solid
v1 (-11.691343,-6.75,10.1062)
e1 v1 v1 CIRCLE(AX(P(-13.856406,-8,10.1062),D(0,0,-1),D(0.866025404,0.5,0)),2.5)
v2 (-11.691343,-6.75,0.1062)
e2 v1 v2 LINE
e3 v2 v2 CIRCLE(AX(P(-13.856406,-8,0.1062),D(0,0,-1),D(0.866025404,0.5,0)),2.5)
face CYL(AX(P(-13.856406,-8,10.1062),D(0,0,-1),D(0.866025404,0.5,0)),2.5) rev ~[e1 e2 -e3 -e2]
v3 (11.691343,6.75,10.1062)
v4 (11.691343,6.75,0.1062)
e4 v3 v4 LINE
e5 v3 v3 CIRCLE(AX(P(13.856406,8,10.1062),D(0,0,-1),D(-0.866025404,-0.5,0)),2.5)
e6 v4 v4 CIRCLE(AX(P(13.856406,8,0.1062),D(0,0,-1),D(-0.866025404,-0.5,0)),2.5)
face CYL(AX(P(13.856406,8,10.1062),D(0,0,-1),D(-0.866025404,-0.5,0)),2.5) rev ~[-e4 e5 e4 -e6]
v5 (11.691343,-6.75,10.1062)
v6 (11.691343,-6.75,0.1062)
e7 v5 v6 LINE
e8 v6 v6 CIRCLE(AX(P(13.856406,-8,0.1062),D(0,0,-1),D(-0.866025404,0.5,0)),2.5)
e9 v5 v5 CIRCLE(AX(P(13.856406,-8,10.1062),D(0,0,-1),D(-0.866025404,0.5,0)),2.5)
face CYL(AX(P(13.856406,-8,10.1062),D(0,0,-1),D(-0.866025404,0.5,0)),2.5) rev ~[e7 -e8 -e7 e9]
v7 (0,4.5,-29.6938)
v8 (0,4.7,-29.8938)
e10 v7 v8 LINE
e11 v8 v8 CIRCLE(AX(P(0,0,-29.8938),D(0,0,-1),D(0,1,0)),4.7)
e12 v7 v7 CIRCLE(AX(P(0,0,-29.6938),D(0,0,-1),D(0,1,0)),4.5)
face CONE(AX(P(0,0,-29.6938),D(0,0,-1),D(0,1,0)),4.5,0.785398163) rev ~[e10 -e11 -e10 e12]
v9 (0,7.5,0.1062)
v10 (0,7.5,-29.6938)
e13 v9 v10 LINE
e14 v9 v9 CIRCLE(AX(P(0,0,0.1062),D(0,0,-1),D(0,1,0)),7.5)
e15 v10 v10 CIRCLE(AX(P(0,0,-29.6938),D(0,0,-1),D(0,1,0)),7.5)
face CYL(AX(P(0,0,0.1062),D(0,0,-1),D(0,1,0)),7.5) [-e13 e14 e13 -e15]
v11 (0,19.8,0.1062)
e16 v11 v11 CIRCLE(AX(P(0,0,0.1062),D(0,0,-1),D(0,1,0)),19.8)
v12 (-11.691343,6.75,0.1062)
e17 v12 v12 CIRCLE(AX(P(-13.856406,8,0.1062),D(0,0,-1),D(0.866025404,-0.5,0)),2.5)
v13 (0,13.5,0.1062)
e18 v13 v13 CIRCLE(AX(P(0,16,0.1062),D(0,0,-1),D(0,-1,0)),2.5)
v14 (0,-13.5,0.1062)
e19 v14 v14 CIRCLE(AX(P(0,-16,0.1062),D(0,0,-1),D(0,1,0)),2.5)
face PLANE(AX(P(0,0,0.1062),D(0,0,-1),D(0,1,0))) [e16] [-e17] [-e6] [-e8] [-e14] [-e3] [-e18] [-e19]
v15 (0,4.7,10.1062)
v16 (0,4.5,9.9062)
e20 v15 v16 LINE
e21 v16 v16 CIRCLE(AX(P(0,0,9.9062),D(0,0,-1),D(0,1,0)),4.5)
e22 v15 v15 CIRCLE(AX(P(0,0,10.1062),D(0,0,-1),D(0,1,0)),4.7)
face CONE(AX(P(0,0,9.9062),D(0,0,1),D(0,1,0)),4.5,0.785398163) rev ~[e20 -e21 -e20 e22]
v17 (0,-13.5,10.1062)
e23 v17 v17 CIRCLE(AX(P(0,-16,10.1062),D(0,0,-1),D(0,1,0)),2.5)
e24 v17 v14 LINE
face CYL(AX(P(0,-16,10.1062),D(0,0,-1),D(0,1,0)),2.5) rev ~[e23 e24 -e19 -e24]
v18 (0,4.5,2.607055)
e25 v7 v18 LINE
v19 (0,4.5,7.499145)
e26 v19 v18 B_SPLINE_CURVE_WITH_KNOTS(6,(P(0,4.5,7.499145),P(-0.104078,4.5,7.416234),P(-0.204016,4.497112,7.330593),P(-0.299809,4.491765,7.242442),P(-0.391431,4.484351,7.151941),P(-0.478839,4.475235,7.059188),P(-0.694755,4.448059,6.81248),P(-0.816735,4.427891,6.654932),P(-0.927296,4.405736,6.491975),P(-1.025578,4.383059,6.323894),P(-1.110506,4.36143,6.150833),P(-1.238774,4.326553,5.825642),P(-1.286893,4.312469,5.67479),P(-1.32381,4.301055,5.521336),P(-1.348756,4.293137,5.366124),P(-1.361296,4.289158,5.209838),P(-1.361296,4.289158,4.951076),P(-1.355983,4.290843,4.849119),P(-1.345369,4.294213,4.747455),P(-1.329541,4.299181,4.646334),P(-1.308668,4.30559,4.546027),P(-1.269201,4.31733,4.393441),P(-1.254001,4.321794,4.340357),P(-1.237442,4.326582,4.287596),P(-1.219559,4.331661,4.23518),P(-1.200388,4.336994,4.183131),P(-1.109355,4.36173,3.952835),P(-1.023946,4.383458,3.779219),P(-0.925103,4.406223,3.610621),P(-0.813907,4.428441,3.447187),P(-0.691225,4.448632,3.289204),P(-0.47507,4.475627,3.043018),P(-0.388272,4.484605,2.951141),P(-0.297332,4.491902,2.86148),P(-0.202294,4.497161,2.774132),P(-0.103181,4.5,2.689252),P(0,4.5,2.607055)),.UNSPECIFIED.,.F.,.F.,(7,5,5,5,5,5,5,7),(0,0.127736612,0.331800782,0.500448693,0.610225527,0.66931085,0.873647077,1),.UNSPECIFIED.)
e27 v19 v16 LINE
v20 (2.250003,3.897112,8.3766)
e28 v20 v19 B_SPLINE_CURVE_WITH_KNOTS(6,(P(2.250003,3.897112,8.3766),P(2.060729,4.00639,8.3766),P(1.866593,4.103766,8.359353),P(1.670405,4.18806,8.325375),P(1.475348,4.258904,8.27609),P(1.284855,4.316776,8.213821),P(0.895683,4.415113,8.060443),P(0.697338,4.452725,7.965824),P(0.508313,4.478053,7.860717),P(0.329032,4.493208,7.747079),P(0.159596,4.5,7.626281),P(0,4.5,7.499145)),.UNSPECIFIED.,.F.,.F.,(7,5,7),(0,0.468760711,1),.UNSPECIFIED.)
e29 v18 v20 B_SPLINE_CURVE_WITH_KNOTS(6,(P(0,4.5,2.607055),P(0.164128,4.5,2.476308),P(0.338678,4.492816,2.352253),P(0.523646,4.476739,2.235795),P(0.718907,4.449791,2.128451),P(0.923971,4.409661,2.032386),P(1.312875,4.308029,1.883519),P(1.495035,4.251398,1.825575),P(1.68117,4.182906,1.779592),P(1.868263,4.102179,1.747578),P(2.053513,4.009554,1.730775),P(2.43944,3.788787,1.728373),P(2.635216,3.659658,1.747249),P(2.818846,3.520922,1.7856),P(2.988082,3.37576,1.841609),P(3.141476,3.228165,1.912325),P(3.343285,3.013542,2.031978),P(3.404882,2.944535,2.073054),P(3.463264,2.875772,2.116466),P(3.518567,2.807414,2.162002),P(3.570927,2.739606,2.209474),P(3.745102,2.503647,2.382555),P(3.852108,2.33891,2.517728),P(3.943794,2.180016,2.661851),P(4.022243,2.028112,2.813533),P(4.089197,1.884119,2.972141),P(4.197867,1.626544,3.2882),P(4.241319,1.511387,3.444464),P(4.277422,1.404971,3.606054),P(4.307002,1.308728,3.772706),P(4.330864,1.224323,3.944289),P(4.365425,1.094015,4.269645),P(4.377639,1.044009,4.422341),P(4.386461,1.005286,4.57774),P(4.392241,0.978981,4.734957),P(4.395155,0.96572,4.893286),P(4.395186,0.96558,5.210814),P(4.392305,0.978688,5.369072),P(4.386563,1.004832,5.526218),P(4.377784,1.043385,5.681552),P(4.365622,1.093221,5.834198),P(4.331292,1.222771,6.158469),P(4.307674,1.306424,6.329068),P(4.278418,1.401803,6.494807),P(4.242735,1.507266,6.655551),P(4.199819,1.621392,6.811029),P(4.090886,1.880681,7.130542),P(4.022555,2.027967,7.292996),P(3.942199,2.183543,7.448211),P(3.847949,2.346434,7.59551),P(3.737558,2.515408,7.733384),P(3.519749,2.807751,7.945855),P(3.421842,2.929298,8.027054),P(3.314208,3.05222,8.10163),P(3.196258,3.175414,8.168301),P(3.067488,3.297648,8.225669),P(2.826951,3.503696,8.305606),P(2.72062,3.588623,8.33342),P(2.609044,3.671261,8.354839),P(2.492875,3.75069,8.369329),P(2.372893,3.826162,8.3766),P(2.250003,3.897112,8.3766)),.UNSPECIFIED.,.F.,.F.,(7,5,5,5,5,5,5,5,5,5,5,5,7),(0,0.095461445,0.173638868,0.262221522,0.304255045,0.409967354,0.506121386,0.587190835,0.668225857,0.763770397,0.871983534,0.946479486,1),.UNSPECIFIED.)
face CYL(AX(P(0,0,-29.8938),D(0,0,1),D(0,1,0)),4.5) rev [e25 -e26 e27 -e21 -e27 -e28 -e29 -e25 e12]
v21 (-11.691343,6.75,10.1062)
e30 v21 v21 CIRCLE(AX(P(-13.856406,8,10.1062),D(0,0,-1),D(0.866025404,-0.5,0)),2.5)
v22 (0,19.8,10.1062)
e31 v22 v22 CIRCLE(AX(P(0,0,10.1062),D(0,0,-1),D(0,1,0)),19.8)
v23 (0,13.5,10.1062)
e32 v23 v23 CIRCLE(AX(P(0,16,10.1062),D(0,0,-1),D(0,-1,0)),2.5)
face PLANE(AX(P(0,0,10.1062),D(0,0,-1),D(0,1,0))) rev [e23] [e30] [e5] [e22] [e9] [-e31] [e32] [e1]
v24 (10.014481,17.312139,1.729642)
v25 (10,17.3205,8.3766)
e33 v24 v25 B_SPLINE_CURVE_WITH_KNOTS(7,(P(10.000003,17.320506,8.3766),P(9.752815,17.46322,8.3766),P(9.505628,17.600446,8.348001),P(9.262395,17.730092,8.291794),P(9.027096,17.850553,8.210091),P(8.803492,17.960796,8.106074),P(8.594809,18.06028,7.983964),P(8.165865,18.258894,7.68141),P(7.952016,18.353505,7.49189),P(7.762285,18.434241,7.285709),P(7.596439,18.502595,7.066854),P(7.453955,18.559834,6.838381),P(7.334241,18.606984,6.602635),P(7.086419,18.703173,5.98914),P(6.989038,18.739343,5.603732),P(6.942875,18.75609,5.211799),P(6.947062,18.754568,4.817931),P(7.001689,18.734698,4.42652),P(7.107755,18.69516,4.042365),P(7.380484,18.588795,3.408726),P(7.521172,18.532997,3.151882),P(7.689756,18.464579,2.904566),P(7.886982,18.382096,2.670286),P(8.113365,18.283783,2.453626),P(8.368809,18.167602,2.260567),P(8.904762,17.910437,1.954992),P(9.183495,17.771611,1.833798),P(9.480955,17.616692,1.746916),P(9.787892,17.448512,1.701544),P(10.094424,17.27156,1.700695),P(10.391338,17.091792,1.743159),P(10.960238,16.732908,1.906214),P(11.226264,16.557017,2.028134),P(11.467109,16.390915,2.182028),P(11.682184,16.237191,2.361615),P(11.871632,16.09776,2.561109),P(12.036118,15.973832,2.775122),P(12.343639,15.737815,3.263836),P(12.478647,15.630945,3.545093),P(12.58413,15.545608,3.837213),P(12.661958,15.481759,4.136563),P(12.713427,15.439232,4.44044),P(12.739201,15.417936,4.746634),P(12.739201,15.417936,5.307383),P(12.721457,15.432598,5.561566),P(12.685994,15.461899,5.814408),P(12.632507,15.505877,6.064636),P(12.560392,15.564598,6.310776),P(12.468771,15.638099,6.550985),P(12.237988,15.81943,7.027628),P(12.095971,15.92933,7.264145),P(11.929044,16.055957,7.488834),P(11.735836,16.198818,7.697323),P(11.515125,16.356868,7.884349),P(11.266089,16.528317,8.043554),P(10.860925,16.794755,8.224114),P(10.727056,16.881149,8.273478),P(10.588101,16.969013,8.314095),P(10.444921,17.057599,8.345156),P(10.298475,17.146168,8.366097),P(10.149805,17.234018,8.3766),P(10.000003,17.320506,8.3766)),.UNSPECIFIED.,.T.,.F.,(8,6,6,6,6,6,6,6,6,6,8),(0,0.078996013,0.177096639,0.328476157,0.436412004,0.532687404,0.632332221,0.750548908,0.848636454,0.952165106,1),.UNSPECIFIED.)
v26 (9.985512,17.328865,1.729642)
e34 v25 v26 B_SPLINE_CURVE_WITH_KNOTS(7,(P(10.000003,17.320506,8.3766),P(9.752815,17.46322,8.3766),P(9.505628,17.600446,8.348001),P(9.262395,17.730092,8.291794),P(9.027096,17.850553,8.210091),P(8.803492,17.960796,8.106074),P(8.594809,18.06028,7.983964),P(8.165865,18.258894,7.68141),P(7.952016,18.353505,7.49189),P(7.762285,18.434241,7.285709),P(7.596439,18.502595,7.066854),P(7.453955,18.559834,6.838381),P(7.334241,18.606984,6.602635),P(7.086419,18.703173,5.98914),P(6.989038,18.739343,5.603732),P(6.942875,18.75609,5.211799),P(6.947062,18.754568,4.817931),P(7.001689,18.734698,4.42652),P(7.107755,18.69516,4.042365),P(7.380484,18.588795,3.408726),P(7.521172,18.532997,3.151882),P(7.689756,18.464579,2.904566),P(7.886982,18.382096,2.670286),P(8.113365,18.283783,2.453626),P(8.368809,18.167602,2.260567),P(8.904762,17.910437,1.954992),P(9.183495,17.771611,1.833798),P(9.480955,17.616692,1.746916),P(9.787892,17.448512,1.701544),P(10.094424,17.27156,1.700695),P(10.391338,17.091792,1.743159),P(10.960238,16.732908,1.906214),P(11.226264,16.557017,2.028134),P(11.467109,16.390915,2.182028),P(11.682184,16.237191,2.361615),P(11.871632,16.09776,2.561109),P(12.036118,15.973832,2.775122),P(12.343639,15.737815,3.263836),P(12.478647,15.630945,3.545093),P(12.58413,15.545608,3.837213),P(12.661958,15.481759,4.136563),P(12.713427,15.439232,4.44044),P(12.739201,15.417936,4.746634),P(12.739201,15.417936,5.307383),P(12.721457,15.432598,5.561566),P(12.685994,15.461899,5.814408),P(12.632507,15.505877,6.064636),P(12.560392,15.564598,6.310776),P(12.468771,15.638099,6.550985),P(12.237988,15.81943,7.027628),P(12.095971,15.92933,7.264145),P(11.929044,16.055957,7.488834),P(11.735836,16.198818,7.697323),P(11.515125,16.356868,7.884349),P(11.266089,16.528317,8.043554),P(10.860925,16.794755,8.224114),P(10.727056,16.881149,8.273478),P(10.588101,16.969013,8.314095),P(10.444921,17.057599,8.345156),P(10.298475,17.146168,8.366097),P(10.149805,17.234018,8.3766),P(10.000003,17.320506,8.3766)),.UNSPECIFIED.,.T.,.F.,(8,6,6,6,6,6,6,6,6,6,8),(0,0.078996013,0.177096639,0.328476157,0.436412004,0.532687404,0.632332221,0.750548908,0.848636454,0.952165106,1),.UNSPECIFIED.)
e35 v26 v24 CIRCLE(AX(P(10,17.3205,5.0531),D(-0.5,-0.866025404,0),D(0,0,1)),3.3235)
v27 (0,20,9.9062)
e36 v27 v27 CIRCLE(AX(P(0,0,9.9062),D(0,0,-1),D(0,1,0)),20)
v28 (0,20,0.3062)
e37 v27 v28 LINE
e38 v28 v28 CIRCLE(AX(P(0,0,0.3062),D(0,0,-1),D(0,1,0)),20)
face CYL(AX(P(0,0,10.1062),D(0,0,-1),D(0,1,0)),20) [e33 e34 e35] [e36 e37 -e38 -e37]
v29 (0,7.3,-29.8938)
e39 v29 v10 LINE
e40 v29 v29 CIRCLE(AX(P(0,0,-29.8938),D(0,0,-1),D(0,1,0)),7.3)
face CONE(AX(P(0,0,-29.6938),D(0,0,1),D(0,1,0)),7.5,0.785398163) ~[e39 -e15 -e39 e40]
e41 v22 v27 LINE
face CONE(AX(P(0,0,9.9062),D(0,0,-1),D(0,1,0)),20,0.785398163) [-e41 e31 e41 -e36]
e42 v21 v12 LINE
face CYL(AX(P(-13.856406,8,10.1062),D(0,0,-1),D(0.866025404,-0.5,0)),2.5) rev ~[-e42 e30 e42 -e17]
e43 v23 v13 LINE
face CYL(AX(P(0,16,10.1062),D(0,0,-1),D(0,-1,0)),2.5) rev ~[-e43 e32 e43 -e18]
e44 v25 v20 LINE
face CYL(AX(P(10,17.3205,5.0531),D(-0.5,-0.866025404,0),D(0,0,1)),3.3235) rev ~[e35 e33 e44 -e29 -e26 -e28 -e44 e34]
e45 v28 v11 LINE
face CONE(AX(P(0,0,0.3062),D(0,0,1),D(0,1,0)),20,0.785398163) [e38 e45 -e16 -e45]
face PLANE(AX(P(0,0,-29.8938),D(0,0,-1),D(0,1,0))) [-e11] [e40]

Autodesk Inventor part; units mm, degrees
ref_plane "XZ Plane" through (0, 0, 0) normal (0, 1, 0) x (-1, 0, 0)
ref_plane "XY Plane" through (0, 0, 0) normal (0, 0, 1) x (1, 0, 0)
sketch "Sketch1" plane through (0, 0, 0) normal (1, 0, 0) x (0, 1, 0)
  line L0 (0, 0) -> (0, -33.1818)
  line L1 (4.5, 10.1062) -> (20, 10.1062)
  line L2 (20, 10.1062) -> (20, 0.1062)
  line L3 (20, 0.1062) -> (7.5, 0.1062)
  line L4 (7.5, 0.1062) -> (7.5, -29.8938)
  line L5 (7.5, -29.8938) -> (4.5, -29.8938)
  line L6 (4.5, -29.8938) -> (4.5, 10.1062)
  dimension "d0" = 9
  dimension "d1" = 15
  dimension "d2" = 30
  dimension "d3" = 10
  dimension "d4" = 40
revolve "Revolution1" add sketch "Sketch1" angle 360 about axis through (0, 0, 0) along (0, 0, -1)
sketch "Sketch2" plane through (0, 0, 10.1062) normal (0, 0, 1) x (1, 0, 0)
  point P0 (0, 0)
  point P1 (0, 16)
  dimension "d6" = 16
hole "Hole1" at (0, 16, 10.1062) direction (0, 0, -1) diameter 5 end through all
pattern_circular "Circular Pattern1" count 6 over 360 about axis through (0, 0, 5.1062) along (0, 0, -1) of "Hole1"
ref_plane "Work Plane2" through (10, 17.3205, 5.1062) normal (0.5, 0.866, 0) x (-0.866, 0.5, 0)
ref_plane "Work Plane1" through (0, 0, 0) normal (0.5, 0.866, 0) x (0, 0, 1)
sketch "Sketch3" plane through (10, 17.3205, 5.1062) normal (0.5, 0.866, 0) x (-0.866, 0.5, 0)
  line L0 (-20, 5) -> (20, 5) projected
  line L1 (-20, -5) -> (20, -5) projected
  line L2 (0, 5) -> (0, -5.1062)
  point P0 (0, -0.0531)
hole "Hole2" at (10, 17.3205, 5.0531) direction (-0.5, -0.866, 0) diameter 6.647 depth 20.2 tip angle 118 thread size "M8x1.25" class "6H" standard "ANSI Metric M Profile"
chamfer "Chamfer1" distance 0.2 angle 45 5 edges at (0, -20, 0.1062) (0, -20, 10.1062) (0, -4.5, 10.1062) (0, -4.5, -29.8938) (0, -7.5, -29.8938)
properties part number "CopperElectrode" material "Copper"
